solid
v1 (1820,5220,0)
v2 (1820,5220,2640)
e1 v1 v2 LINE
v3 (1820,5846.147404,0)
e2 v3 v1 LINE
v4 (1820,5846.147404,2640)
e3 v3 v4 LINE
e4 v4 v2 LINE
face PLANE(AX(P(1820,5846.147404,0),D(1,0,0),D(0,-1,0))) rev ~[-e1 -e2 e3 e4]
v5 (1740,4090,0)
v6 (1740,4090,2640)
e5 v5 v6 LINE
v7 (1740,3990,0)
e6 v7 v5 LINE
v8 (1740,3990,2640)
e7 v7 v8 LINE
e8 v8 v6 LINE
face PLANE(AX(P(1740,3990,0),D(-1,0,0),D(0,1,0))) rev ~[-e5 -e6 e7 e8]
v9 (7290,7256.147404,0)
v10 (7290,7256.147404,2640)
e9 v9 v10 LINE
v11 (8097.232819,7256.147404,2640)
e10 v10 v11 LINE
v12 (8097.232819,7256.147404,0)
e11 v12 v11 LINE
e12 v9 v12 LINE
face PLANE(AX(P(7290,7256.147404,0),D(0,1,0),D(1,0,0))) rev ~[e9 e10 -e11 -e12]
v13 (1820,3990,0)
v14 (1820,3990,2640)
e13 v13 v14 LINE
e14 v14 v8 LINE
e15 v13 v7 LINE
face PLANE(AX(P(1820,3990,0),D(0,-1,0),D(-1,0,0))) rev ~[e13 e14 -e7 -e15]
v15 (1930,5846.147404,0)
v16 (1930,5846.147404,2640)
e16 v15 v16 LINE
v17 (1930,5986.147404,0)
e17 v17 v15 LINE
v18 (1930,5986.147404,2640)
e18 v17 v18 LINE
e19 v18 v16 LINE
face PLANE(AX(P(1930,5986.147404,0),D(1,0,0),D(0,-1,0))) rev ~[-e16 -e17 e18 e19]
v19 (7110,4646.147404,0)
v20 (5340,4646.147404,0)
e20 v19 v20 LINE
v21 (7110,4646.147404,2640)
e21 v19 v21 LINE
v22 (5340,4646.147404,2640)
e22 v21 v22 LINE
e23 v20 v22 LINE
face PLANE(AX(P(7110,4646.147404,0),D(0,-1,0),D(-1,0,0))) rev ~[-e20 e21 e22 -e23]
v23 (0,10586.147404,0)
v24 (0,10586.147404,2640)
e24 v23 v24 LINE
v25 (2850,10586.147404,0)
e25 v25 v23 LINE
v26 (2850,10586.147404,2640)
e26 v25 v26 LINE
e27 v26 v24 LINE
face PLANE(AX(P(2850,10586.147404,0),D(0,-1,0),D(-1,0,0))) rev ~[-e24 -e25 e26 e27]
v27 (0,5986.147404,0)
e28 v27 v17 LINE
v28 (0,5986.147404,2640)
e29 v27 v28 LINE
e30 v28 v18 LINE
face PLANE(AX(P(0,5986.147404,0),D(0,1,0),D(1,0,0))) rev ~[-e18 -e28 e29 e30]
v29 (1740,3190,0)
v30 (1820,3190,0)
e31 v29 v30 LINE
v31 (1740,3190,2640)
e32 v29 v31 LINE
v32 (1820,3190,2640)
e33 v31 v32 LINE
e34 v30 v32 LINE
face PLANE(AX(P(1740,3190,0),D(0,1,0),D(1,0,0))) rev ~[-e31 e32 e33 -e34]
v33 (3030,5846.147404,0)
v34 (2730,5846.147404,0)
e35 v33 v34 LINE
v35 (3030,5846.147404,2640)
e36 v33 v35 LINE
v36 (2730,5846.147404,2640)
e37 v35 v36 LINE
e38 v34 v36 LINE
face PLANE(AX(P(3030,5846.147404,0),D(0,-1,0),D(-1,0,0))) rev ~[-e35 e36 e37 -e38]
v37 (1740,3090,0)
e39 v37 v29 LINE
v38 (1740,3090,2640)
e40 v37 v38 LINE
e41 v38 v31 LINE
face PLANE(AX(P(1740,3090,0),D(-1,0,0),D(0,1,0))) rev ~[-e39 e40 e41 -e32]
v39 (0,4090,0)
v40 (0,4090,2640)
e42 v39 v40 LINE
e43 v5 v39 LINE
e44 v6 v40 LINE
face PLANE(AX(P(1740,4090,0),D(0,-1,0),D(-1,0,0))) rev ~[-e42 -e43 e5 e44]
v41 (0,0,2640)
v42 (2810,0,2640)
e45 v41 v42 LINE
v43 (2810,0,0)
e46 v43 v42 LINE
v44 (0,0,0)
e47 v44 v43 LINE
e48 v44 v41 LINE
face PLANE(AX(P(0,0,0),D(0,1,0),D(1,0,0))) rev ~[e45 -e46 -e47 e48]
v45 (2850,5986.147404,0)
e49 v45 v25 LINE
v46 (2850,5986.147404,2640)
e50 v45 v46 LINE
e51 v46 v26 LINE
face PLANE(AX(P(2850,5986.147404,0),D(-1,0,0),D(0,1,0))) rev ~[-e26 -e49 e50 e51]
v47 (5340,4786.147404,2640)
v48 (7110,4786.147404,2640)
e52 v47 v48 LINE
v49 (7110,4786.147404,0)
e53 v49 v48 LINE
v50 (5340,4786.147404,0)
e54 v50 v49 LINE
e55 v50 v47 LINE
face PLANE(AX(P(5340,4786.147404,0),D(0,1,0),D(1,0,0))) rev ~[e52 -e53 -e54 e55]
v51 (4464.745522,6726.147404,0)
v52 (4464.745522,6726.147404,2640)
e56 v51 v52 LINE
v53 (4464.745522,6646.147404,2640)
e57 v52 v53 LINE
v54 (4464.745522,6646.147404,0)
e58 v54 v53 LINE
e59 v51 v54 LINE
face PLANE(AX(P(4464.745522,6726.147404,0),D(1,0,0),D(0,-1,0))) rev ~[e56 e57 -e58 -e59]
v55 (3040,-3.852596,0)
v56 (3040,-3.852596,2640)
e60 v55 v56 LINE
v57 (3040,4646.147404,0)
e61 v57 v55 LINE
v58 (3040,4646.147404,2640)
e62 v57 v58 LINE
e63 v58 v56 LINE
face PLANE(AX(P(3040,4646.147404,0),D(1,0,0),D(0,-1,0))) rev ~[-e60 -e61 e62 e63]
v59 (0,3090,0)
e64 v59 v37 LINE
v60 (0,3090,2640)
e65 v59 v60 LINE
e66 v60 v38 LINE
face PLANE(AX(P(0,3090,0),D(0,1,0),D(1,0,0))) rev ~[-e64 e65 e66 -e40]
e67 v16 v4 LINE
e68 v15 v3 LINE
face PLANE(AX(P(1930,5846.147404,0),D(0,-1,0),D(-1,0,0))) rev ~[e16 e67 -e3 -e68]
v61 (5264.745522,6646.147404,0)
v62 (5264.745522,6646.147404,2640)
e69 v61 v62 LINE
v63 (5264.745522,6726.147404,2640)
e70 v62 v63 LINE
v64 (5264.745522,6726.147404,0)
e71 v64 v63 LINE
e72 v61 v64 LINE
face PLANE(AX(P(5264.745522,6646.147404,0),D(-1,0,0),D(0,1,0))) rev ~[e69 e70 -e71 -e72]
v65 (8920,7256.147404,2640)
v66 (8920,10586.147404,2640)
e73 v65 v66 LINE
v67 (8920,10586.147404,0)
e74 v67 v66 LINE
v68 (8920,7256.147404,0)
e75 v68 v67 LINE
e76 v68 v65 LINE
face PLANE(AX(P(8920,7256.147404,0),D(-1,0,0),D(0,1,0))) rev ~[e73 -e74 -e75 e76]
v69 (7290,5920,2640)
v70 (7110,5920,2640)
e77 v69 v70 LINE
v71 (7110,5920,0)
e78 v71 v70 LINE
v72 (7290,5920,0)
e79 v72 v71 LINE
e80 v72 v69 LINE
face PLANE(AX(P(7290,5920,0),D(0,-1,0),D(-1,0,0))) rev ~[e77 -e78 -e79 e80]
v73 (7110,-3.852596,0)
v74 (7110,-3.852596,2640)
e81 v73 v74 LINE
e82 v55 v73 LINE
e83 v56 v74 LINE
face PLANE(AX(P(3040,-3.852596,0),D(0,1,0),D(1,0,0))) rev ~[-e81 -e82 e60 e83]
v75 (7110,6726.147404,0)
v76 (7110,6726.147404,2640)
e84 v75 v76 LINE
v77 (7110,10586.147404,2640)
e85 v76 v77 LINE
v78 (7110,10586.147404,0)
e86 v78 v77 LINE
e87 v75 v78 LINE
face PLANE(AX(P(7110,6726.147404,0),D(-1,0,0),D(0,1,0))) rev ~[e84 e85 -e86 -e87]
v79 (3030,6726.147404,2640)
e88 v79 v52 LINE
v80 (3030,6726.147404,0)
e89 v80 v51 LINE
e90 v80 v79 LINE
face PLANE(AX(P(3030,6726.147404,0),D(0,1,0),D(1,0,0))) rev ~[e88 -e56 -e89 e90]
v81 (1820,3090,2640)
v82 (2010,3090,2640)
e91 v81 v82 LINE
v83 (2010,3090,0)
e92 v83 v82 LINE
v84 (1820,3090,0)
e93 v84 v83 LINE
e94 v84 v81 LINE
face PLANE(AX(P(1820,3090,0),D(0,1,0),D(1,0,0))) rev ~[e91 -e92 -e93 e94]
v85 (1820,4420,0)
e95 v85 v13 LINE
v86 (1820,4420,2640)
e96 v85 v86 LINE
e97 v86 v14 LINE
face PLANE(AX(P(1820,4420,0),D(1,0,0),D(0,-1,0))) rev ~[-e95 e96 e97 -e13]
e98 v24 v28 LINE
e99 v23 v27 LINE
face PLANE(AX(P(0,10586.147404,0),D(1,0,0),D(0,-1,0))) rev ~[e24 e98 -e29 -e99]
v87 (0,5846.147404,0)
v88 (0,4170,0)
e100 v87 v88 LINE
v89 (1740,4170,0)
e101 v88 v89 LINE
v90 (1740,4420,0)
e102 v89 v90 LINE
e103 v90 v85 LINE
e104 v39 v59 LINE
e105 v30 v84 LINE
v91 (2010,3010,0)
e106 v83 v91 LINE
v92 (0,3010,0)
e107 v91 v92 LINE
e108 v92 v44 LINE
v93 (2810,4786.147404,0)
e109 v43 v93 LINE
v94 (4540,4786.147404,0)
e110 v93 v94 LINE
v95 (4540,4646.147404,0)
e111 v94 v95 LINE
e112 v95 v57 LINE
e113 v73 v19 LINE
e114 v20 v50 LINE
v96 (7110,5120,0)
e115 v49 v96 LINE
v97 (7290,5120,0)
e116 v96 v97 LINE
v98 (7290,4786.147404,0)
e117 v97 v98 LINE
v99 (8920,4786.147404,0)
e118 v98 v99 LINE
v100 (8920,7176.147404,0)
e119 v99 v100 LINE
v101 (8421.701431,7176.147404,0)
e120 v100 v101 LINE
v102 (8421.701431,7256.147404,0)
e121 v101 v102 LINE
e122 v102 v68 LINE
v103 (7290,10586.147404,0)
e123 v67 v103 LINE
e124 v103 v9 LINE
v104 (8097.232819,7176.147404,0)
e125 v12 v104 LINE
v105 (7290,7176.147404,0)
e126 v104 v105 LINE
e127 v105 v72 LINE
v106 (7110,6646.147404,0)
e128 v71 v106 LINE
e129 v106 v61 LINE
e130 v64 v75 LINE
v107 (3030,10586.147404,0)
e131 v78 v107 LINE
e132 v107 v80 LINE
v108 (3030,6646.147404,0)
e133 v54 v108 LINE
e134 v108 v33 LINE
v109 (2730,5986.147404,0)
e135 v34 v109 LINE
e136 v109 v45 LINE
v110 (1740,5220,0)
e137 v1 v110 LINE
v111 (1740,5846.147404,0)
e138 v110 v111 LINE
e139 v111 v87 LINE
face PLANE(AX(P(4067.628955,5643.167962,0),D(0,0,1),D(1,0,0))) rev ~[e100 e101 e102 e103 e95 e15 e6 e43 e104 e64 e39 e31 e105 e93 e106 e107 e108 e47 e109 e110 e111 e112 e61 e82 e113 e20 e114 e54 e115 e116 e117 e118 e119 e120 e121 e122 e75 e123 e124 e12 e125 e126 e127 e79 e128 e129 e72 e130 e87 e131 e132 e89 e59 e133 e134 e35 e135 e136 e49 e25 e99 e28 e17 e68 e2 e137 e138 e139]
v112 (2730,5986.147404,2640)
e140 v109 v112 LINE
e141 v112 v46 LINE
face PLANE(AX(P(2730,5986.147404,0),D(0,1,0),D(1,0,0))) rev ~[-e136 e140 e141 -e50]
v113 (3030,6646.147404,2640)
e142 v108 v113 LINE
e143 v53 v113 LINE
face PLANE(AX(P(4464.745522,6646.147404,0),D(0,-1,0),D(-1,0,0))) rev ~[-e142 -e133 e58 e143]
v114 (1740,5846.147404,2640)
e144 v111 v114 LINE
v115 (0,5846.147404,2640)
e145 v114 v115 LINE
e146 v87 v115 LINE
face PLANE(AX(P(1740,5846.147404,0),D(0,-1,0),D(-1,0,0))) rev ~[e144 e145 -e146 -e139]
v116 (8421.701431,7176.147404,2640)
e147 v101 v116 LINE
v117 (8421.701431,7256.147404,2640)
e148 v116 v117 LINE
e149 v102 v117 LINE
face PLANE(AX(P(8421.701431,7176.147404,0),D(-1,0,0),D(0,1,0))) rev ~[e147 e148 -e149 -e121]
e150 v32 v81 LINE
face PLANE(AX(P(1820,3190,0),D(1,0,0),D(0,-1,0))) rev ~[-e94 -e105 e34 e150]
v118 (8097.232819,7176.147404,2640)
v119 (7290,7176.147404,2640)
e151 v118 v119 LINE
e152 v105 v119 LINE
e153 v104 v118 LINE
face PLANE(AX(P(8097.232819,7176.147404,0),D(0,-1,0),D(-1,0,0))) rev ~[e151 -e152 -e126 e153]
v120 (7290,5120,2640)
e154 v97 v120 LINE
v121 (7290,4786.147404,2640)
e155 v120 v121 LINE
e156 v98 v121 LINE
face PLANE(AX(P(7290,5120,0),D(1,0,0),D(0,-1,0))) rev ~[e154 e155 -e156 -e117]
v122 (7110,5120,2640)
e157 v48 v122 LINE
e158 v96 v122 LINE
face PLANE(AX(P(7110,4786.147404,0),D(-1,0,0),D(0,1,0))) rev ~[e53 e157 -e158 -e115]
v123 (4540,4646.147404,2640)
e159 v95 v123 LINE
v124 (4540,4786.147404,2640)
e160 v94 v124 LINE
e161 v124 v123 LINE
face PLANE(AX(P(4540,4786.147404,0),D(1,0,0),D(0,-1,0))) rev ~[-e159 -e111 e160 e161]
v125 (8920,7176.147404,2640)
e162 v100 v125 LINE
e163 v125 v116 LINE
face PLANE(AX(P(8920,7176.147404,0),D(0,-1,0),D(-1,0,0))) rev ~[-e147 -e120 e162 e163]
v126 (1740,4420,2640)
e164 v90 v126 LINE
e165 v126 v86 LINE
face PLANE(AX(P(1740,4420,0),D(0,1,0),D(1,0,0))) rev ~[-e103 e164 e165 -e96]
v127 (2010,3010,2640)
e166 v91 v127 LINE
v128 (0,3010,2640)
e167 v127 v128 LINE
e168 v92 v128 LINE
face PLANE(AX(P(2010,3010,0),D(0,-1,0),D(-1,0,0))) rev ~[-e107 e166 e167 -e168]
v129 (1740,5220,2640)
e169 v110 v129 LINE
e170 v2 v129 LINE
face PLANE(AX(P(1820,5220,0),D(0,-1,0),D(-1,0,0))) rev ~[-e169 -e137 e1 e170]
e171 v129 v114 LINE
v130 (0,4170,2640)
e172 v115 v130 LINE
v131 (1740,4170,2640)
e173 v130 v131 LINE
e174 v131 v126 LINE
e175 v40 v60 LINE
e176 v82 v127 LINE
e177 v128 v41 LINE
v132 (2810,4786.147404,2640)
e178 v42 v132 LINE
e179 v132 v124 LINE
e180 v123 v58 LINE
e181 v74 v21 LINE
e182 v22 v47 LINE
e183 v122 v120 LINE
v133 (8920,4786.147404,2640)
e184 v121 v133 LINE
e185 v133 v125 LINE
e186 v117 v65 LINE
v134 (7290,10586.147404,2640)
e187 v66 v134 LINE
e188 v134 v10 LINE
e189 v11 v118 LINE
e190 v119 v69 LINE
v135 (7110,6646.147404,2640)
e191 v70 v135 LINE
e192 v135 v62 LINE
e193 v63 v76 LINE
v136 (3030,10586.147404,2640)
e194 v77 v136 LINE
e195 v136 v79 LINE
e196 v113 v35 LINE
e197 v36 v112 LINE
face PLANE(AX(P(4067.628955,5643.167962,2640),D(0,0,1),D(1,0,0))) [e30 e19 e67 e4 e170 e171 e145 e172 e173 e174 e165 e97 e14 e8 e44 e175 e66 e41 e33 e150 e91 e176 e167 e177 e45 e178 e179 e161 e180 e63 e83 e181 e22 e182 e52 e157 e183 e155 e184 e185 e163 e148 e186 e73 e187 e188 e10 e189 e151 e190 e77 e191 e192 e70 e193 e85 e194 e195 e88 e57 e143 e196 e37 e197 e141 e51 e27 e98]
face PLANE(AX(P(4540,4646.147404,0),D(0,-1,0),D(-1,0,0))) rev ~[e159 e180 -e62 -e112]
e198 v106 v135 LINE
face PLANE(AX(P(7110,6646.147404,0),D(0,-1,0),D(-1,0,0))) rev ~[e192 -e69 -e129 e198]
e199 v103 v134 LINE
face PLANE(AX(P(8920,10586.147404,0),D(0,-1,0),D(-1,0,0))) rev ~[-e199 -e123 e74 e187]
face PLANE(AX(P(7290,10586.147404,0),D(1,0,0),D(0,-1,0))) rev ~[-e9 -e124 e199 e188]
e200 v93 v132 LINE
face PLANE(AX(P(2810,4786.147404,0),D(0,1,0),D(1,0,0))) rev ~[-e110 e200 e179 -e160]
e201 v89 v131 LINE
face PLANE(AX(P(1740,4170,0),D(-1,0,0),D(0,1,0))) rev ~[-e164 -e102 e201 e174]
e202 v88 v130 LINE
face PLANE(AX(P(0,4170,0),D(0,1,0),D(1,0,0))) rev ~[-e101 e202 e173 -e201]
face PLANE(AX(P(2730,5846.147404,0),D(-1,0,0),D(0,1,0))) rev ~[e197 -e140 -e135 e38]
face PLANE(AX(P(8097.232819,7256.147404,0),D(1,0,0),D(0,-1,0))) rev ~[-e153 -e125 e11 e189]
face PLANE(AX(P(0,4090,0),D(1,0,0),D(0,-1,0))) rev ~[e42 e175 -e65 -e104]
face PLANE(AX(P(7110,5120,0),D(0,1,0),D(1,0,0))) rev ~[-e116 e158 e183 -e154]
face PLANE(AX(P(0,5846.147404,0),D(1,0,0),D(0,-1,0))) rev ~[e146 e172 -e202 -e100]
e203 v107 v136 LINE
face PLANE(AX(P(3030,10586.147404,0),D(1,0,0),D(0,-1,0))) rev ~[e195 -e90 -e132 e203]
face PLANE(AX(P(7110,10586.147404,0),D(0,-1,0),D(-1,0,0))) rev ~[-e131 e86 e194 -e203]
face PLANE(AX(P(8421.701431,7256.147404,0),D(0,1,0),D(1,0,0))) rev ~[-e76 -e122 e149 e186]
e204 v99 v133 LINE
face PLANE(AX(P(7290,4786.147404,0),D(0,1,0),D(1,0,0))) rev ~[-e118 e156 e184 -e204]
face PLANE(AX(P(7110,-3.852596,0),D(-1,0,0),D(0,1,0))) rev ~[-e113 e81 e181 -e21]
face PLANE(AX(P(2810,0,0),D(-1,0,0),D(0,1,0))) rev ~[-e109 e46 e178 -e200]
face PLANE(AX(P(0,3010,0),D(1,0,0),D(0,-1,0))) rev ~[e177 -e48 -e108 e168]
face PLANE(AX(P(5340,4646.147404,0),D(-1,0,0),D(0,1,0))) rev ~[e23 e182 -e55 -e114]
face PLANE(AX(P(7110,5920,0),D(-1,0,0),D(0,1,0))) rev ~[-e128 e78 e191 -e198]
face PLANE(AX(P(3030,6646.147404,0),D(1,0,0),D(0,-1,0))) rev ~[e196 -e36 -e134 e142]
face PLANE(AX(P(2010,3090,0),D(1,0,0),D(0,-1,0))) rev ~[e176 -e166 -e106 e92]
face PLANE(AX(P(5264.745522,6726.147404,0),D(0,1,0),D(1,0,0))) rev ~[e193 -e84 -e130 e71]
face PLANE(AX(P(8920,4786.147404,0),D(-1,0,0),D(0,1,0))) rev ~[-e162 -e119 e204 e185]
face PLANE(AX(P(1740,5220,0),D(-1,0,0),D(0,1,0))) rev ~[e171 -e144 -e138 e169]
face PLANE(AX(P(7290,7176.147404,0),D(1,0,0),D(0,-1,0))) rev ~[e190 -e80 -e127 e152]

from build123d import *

# Parameters (mm, degrees)
F1_DEPTH = 2640


with BuildPart() as f1:
    # F0 (on Top) → F1 (new body)
    with BuildSketch(Plane.XY):
        Polygon((0, 3010), (0, 0), (2810, 0), (2810, 4786.147404), (4540, 4786.147404), (4540, 4646.147404), (3040, 4646.147404), (3040, -3.852596), (7110, -3.852596), (7110, 4646.147404), (5340, 4646.147404), (5340, 4786.147404), (7110, 4786.147404), (7110, 5120), (7290, 5120), (7290, 4786.147404), (8920, 4786.147404), (8920, 7176.147404), (8421.701431, 7176.147404), (8421.701431, 7256.147404), (8920, 7256.147404), (8920, 10586.147404), (7290, 10586.147404), (7290, 7256.147404), (8097.232819, 7256.147404), (8097.232819, 7176.147404), (7290, 7176.147404), (7290, 5920), (7110, 5920), (7110, 6646.147404), (5264.745522, 6646.147404), (5264.745522, 6726.147404), (7110, 6726.147404), (7110, 10586.147404), (3030, 10586.147404), (3030, 6726.147404), (4464.745522, 6726.147404), (4464.745522, 6646.147404), (3030, 6646.147404), (3030, 5846.147404), (2730, 5846.147404), (2730, 5986.147404), (2850, 5986.147404), (2850, 10586.147404), (0, 10586.147404), (0, 5986.147404), (1930, 5986.147404), (1930, 5846.147404), (1820, 5846.147404), (1820, 5220), (1740, 5220), (1740, 5846.147404), (0, 5846.147404), (0, 4170), (1740, 4170), (1740, 4420), (1820, 4420), (1820, 3990), (1740, 3990), (1740, 4090), (0, 4090), (0, 3090), (1740, 3090), (1740, 3190), (1820, 3190), (1820, 3090), (2010, 3090), (2010, 3010), align=None)
    extrude(amount=F1_DEPTH)


solid = f1.part
